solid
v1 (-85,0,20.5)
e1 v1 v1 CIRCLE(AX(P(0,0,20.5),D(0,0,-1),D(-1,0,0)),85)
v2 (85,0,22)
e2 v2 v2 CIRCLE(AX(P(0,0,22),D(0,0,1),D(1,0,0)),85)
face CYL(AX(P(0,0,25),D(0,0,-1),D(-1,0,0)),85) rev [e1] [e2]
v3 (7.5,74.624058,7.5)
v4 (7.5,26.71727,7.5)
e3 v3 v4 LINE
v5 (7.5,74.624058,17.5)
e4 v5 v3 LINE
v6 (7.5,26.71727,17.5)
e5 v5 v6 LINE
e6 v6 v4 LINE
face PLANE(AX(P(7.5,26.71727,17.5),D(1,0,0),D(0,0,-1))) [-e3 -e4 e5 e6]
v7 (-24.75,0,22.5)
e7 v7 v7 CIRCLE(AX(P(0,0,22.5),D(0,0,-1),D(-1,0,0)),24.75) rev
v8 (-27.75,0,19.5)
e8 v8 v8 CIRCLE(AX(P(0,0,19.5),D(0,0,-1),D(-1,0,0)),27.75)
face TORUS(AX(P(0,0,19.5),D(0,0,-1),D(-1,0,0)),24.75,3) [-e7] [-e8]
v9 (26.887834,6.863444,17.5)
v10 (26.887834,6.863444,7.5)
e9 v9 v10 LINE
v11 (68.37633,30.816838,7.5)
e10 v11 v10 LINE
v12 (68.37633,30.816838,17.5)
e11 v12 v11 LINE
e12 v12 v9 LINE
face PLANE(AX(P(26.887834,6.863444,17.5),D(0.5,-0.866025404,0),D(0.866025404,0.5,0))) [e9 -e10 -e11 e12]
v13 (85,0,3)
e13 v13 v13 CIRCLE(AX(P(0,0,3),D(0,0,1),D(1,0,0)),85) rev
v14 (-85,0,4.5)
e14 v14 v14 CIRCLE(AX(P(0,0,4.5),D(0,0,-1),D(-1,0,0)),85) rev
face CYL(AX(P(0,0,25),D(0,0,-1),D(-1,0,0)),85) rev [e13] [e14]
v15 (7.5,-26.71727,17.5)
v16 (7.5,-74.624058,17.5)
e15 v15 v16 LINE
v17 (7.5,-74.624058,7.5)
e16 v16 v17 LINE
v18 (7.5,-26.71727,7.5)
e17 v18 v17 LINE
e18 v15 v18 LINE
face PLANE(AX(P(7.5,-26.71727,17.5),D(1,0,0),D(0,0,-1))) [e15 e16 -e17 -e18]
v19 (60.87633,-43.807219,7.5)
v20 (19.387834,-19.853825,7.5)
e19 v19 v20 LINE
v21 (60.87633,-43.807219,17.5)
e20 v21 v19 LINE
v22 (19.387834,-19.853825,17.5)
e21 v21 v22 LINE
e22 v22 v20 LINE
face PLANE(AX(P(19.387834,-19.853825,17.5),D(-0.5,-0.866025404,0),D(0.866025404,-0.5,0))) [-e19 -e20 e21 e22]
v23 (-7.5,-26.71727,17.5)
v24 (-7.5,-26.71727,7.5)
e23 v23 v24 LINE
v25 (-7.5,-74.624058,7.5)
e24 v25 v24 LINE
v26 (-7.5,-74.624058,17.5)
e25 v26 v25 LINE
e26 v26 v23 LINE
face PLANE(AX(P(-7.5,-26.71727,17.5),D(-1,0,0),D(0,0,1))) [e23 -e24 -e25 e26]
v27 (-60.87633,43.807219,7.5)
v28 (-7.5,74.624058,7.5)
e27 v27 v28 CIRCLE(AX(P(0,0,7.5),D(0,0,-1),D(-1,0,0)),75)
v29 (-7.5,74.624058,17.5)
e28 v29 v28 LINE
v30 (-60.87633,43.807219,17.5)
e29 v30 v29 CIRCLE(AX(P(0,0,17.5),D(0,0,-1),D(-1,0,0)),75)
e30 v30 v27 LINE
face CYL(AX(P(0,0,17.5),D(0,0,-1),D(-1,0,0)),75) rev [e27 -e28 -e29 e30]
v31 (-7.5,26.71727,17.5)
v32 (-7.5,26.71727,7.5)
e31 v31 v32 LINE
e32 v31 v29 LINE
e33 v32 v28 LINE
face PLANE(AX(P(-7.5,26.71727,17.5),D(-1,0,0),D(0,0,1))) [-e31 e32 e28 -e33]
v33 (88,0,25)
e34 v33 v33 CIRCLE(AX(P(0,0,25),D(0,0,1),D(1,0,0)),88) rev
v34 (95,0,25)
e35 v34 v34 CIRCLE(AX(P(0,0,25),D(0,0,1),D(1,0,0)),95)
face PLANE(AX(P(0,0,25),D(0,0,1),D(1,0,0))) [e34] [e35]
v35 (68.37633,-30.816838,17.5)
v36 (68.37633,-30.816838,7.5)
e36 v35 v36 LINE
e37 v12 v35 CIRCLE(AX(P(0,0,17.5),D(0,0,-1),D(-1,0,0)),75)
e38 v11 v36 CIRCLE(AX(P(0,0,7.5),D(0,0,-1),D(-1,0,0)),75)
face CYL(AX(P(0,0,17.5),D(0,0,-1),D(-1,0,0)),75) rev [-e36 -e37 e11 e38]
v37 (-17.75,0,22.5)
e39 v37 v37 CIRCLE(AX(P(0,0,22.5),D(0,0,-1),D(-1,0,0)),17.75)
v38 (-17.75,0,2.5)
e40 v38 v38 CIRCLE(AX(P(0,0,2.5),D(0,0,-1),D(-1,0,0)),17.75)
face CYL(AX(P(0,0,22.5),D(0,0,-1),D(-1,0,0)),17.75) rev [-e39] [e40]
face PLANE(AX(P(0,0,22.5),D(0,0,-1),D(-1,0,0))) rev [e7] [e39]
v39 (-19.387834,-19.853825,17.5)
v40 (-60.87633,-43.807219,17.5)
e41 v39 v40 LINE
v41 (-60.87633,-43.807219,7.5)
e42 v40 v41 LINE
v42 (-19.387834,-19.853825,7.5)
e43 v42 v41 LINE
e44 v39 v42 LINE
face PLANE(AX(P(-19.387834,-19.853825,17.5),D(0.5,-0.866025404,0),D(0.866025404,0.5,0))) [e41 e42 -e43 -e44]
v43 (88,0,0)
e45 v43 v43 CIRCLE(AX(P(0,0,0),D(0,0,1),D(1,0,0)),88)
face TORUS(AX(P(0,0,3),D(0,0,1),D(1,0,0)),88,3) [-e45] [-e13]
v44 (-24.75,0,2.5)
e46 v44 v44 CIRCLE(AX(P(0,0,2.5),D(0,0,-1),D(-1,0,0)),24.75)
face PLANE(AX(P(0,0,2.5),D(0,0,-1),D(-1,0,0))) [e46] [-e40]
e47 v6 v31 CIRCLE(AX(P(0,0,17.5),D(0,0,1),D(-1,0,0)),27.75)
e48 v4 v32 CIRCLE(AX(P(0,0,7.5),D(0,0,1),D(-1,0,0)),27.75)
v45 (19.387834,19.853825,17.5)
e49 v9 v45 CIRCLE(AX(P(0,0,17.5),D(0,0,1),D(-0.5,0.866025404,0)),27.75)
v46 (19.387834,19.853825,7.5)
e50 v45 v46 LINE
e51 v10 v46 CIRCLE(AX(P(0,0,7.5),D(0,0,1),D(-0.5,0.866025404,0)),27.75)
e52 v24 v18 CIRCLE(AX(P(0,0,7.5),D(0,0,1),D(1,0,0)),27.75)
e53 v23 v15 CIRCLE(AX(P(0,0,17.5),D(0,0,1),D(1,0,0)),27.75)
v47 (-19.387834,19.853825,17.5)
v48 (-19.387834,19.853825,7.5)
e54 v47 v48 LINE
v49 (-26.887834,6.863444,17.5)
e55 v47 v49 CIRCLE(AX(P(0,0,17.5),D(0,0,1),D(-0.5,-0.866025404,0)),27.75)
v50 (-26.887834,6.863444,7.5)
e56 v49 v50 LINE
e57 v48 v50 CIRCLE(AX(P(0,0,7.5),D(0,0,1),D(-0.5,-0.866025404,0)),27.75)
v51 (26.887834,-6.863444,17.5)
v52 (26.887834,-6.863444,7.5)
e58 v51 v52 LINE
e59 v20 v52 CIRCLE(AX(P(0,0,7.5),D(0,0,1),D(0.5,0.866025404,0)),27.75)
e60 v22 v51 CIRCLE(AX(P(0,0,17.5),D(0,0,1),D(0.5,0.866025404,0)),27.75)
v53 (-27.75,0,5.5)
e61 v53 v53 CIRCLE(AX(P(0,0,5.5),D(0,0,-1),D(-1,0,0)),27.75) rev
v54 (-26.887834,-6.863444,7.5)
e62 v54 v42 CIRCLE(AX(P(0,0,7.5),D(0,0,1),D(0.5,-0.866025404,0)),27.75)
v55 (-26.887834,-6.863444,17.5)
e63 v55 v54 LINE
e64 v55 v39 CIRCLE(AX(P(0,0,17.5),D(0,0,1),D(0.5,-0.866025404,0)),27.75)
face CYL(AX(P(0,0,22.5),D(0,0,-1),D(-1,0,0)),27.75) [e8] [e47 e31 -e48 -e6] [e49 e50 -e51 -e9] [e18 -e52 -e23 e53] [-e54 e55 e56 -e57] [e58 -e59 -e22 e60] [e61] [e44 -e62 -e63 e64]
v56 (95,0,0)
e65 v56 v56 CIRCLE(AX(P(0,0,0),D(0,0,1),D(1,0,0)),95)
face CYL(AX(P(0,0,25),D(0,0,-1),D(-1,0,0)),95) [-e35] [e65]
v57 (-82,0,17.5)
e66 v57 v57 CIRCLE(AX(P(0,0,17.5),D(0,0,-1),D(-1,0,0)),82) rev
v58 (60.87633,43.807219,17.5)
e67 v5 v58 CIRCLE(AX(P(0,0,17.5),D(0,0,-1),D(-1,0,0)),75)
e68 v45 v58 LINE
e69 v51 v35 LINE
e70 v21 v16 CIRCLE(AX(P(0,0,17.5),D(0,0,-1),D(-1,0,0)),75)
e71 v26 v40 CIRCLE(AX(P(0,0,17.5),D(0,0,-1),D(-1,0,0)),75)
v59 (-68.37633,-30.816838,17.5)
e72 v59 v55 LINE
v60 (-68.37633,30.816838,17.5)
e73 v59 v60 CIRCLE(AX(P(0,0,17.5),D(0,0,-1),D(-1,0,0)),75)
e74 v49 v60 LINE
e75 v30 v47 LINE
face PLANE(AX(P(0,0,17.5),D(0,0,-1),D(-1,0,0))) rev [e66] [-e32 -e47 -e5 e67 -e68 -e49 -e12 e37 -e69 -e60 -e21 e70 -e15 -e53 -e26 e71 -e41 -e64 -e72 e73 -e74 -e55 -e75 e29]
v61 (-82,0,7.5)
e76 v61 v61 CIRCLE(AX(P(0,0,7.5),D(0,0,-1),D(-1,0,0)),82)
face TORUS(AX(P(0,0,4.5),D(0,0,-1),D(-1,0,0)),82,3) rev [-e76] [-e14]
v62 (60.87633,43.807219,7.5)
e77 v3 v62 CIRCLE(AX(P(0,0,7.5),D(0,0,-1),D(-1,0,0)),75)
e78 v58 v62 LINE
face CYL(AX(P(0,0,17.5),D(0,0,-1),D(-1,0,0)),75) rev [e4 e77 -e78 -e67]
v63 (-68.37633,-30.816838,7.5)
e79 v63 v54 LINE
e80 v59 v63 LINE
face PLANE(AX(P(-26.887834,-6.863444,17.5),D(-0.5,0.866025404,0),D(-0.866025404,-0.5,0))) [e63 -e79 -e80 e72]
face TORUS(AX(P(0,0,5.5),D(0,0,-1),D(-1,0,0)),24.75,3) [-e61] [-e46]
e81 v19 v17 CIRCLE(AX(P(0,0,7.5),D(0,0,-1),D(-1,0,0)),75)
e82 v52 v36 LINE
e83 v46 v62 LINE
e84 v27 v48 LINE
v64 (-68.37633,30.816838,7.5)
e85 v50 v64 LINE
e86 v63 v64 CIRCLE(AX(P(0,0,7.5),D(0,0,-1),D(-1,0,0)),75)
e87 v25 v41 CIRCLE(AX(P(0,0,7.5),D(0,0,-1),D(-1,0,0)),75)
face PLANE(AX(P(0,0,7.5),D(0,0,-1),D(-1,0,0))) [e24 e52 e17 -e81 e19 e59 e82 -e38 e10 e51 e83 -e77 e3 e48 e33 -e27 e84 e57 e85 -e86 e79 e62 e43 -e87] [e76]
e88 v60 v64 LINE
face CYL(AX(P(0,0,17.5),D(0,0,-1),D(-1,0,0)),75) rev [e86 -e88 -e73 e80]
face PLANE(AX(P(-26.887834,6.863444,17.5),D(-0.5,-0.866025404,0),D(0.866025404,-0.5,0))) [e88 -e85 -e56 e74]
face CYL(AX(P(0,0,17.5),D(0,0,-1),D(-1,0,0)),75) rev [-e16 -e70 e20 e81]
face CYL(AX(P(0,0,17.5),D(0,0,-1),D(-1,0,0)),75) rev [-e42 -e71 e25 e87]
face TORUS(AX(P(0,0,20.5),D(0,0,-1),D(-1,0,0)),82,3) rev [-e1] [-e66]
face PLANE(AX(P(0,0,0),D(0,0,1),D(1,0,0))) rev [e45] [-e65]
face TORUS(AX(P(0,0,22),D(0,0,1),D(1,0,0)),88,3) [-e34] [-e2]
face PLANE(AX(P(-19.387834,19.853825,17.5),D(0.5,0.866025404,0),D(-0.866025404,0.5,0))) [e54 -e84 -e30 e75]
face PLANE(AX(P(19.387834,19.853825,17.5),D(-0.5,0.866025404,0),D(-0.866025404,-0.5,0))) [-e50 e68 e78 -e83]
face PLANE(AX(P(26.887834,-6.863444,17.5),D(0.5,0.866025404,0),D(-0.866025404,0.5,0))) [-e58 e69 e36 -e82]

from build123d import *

# Parameters (mm, degrees)
SKETCH2_R                = 95
SKETCH2_R_2              = 85
BOSS_EXTRUDE1_DEPTH      = 25
SKETCH5_R                = 27.75
SKETCH5_R_2              = 17.75
BOSS_EXTRUDE2_DEPTH      = 10
BOSS_EXTRUDE2_DEPTH_BACK = 10
FILLET3_R                = 3
SKETCH7_R                = 85
SKETCH7_R_2              = 75
BOSS_EXTRUDE4_DEPTH      = 5
BOSS_EXTRUDE4_DEPTH_BACK = 5
BOSS_EXTRUDE5_DEPTH      = 5
FILLET4_R                = 3
FILLET8_R                = 3
FILLET9_R                = 3
CIRPATTERN2_COUNT        = 6


with BuildPart() as part:
    # Sketch2 → Boss-Extrude1 (new body)
    with BuildSketch(Plane.XY):
        Circle(SKETCH2_R)
        Circle(SKETCH2_R_2, mode=Mode.SUBTRACT)
    extrude(amount=BOSS_EXTRUDE1_DEPTH)

    # Sketch7 → Boss-Extrude4 (add, two sides)
    with BuildSketch(Plane(origin=(0, 0, 12.5), x_dir=(-1, 0, 0), z_dir=(0, 0, -1))) as boss_extrude4_sk:
        Circle(SKETCH7_R)
        Circle(SKETCH7_R_2, mode=Mode.SUBTRACT)
    extrude(amount=BOSS_EXTRUDE4_DEPTH)
    extrude(boss_extrude4_sk.sketch, amount=-BOSS_EXTRUDE4_DEPTH_BACK)



with BuildPart() as body_2:
    # Sketch5 → Boss-Extrude2 (new body, two sides)
    with BuildSketch(Plane(origin=(0, 0, 12.5), x_dir=(-1, 0, 0), z_dir=(0, 0, -1))) as boss_extrude2_sk:
        Circle(SKETCH5_R)
        Circle(SKETCH5_R_2, mode=Mode.SUBTRACT)
    extrude(amount=BOSS_EXTRUDE2_DEPTH)
    extrude(boss_extrude2_sk.sketch, amount=-BOSS_EXTRUDE2_DEPTH_BACK)

    # Fillet3
    fillet3_edges = [body_2.edges().sort_by_distance(p)[0] for p in [
        (27.75, 0, 22.5),
        (27.75, 0, 2.5),
    ]]
    fillet(fillet3_edges, radius=FILLET3_R)


with BuildPart() as part_1:
    add(part.part)

    add(body_2.part)  # Boss-Extrude5 merges body 2
    # Sketch9 → Boss-Extrude5 (add, symmetric)
    with BuildSketch(Plane(origin=(0, 0, 12.5), x_dir=(-1, 0, 0), z_dir=(0, 0, -1))):
        with BuildLine():
            Line((7.5, 26.717269696), (7.5, 74.624057783))
            ThreePointArc((7.5, 74.624057783), (0, 75), (-7.5, 74.624057783))
            Line((-7.5, 74.624057783), (-7.5, 26.717269696))
            ThreePointArc((-7.5, 26.717269696), (0, 27.75), (7.5, 26.717269696))
        make_face()
    boss_extrude5 = extrude(amount=BOSS_EXTRUDE5_DEPTH, both=True)

    # Fillet4
    fillet4_edges = [part_1.edges().sort_by_distance(p)[0] for p in [
        (-85, 0, 25),
    ]]
    fillet(fillet4_edges, radius=FILLET4_R)

    # Fillet8
    fillet8_edges = [part_1.edges().sort_by_distance(p)[0] for p in [
        (-85, 0, 0),
    ]]
    fillet(fillet8_edges, radius=FILLET8_R)

    # Fillet9
    fillet9_edges = [part_1.edges().sort_by_distance(p)[0] for p in [
        (-85, 0, 17.5),
        (-85, 0, 7.5),
    ]]
    fillet(fillet9_edges, radius=FILLET9_R)

    # CirPattern2: Boss-Extrude5 ×6 about axis
    cirpattern2_axis = Axis((0, 0, 0), (0, 0, 1))
    for i in range(1, CIRPATTERN2_COUNT):
        add(boss_extrude5.rotate(cirpattern2_axis, i * 360 / CIRPATTERN2_COUNT))


solid = part_1.part
